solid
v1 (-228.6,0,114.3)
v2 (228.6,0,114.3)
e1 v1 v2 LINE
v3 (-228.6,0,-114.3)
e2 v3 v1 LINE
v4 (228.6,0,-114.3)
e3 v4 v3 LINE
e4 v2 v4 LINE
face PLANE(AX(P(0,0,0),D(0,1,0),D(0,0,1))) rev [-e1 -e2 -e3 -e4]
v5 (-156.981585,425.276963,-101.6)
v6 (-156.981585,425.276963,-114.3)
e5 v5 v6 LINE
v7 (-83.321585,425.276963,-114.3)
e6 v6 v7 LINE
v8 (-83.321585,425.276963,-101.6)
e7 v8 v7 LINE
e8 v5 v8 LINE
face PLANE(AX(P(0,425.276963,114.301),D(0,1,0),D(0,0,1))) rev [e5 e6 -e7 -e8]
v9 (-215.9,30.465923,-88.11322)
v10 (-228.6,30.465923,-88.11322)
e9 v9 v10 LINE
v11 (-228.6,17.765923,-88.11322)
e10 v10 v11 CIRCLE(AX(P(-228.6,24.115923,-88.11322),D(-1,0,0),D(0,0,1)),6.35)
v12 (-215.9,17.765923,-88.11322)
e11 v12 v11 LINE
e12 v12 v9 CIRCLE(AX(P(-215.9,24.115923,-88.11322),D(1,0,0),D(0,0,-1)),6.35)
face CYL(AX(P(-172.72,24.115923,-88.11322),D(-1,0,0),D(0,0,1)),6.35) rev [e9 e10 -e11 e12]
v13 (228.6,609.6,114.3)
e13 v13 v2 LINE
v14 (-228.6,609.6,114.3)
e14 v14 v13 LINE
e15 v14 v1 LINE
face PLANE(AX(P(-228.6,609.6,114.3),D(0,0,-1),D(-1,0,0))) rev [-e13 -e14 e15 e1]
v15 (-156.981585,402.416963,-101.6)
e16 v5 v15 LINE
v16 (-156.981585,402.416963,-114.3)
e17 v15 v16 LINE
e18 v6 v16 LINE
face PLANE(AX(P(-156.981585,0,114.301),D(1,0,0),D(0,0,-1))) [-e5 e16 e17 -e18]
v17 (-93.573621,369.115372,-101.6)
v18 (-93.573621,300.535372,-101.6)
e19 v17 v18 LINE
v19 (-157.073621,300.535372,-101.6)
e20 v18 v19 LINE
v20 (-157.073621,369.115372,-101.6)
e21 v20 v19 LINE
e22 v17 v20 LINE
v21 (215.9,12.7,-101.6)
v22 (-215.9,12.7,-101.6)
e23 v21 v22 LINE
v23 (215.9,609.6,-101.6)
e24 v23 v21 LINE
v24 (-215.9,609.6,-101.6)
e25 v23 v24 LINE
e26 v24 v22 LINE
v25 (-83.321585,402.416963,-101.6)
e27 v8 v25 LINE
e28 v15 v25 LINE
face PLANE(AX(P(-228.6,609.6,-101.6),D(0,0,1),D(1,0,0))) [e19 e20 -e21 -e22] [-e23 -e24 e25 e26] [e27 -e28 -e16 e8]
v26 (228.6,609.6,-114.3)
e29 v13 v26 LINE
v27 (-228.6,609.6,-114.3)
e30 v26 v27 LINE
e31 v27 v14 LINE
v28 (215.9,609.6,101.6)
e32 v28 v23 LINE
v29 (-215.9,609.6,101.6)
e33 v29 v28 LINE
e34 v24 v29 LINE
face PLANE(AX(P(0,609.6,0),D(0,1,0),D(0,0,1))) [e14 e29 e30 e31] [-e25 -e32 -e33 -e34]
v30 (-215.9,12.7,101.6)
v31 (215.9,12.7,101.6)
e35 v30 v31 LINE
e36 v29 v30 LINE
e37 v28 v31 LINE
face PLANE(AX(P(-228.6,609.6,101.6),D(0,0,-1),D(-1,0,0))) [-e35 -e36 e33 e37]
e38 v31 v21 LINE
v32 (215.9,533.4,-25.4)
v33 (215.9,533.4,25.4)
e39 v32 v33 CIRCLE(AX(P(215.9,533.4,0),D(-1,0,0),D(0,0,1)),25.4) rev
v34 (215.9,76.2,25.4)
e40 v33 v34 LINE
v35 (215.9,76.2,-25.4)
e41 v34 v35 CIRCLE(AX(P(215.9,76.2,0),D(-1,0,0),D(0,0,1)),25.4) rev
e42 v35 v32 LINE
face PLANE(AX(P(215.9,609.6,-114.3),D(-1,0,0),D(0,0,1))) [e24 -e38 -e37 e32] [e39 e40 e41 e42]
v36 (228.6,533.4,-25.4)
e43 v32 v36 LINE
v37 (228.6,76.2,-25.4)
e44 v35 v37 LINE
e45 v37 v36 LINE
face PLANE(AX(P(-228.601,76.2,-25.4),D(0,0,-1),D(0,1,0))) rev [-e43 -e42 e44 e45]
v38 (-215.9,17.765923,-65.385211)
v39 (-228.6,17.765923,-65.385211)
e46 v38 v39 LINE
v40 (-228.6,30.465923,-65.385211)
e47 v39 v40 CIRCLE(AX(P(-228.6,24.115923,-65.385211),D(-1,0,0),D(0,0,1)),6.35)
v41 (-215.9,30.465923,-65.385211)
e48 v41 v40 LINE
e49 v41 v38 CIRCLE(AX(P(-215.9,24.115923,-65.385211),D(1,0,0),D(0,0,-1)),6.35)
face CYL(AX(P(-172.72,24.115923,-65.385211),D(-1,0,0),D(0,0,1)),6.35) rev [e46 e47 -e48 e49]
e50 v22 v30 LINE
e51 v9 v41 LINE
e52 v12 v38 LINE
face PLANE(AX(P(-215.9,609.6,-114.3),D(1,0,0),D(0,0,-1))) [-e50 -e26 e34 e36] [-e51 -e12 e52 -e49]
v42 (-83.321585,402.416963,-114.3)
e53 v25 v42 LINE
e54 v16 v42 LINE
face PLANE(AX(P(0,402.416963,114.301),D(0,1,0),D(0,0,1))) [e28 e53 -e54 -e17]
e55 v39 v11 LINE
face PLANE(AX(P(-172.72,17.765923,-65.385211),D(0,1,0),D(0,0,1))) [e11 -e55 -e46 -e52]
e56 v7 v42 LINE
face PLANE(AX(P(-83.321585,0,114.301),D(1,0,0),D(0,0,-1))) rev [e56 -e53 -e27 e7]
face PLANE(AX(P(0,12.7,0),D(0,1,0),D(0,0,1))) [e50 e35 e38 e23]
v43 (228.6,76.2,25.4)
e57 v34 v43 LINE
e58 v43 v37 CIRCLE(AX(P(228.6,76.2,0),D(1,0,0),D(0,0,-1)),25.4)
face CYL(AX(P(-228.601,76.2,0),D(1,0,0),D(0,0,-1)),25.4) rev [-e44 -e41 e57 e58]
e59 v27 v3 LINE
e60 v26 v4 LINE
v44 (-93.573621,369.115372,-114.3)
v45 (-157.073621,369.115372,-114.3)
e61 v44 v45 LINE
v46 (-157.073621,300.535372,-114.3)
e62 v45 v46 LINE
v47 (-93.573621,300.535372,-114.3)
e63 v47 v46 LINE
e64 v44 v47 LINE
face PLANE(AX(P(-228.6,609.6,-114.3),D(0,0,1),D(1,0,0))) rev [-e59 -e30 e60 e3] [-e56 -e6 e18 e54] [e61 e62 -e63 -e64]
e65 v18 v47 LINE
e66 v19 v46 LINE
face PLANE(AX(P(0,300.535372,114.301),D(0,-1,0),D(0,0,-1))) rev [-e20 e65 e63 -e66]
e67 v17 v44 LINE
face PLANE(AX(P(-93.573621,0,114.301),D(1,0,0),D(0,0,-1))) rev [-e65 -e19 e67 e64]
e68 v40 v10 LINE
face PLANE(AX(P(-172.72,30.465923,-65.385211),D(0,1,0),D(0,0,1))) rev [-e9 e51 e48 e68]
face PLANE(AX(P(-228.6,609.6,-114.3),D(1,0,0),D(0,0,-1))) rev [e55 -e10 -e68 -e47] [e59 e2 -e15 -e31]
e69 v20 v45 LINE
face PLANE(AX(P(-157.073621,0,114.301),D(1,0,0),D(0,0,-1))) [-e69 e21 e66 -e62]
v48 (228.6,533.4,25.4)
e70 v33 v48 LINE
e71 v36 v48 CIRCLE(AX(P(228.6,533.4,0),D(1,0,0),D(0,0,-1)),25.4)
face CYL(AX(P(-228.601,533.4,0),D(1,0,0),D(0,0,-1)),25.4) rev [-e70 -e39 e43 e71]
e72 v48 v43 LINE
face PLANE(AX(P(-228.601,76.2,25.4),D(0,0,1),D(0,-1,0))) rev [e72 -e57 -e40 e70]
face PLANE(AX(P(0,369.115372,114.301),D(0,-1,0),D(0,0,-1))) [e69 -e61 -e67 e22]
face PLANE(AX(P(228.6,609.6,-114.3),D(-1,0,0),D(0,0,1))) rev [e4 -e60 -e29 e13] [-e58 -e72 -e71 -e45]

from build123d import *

# Parameters (mm, degrees)
SKETCH1_W           = 457.2
SKETCH1_H           = 228.6
BOSS_EXTRUDE1_DEPTH = 609.6
SHELL2_T            = -12.7
CUT_EXTRUDE2_REACH  = 772.525
CUT_EXTRUDE3_REACH  = 692.02
SKETCH4_W           = 31.75
SKETCH4_H           = 34.29
SKETCH4_W_2         = 36.83
SKETCH4_H_2         = 11.43
CUT_EXTRUDE17_DEPTH = 55.88


with BuildPart() as part:
    # Sketch1 → Boss-Extrude1 (new body)
    with BuildSketch(Plane(origin=(0, 0, 0), x_dir=(1, 0, 0), z_dir=(0, 1, 0))):
        Rectangle(SKETCH1_W, SKETCH1_H)
    extrude(amount=BOSS_EXTRUDE1_DEPTH)

    # Shell2
    shell2_openings = [part.faces().sort_by_distance(p)[0] for p in [
        (0, 609.6, 0),
    ]]
    offset(amount=SHELL2_T, openings=shell2_openings, kind=Kind.INTERSECTION)

    # Sketch3 → Cut-Extrude2 (cut, up to next)
    with BuildSketch(Plane(origin=(228.6, 0, 0), x_dir=(0, 0, -1), z_dir=(1, 0, 0)), mode=Mode.PRIVATE) as cut_extrude2_sk1:
        with BuildLine():
            Line((-25.4, 76.2), (-25.4, 533.4))
            ThreePointArc((-25.4, 533.4), (0, 558.8), (25.4, 533.4))
            Line((25.4, 533.4), (25.4, 76.2))
            ThreePointArc((25.4, 76.2), (0, 50.8), (-25.4, 76.2))
        make_face()
    cut_extrude2_tool1 = extrude(cut_extrude2_sk1.sketch, amount=-CUT_EXTRUDE2_REACH, mode=Mode.PRIVATE) & part.part
    add(cut_extrude2_tool1.solids().sort_by_distance((228.6, 304.8, 0))[0], mode=Mode.SUBTRACT)

    # Sketch4 → Cut-Extrude3 (cut, up to next)
    with BuildSketch(Plane(origin=(0, 0, -114.3), x_dir=(-1, 0, 0), z_dir=(0, 0, -1)), mode=Mode.PRIVATE) as cut_extrude3_sk1:
        with Locations((109.44862115, 351.970372474)):
            Rectangle(SKETCH4_W, SKETCH4_H)
    cut_extrude3_tool1 = extrude(cut_extrude3_sk1.sketch, amount=-CUT_EXTRUDE3_REACH, mode=Mode.PRIVATE) & part.part
    # Sketch4 → Cut-Extrude3 (cut, up to next)
    with BuildSketch(Plane(origin=(0, 0, -114.3), x_dir=(-1, 0, 0), z_dir=(0, 0, -1)), mode=Mode.PRIVATE) as cut_extrude3_sk2:
        with Locations((109.44862115, 317.680372474)):
            Rectangle(SKETCH4_W, SKETCH4_H)
    cut_extrude3_tool2 = extrude(cut_extrude3_sk2.sketch, amount=-CUT_EXTRUDE3_REACH, mode=Mode.PRIVATE) & part.part
    # Sketch4 → Cut-Extrude3 (cut, up to next)
    with BuildSketch(Plane(origin=(0, 0, -114.3), x_dir=(-1, 0, 0), z_dir=(0, 0, -1)), mode=Mode.PRIVATE) as cut_extrude3_sk3:
        with Locations((141.19862115, 317.680372474)):
            Rectangle(SKETCH4_W, SKETCH4_H)
    cut_extrude3_tool3 = extrude(cut_extrude3_sk3.sketch, amount=-CUT_EXTRUDE3_REACH, mode=Mode.PRIVATE) & part.part
    # Sketch4 → Cut-Extrude3 (cut, up to next)
    with BuildSketch(Plane(origin=(0, 0, -114.3), x_dir=(-1, 0, 0), z_dir=(0, 0, -1)), mode=Mode.PRIVATE) as cut_extrude3_sk4:
        with Locations((141.19862115, 351.970372474)):
            Rectangle(SKETCH4_W, SKETCH4_H)
    cut_extrude3_tool4 = extrude(cut_extrude3_sk4.sketch, amount=-CUT_EXTRUDE3_REACH, mode=Mode.PRIVATE) & part.part
    # Sketch4 → Cut-Extrude3 (cut, up to next)
    with BuildSketch(Plane(origin=(0, 0, -114.3), x_dir=(-1, 0, 0), z_dir=(0, 0, -1)), mode=Mode.PRIVATE) as cut_extrude3_sk5:
        with Locations((138.56658474, 419.56196337)):
            Rectangle(SKETCH4_W_2, SKETCH4_H_2)
    cut_extrude3_tool5 = extrude(cut_extrude3_sk5.sketch, amount=-CUT_EXTRUDE3_REACH, mode=Mode.PRIVATE) & part.part
    # Sketch4 → Cut-Extrude3 (cut, up to next)
    with BuildSketch(Plane(origin=(0, 0, -114.3), x_dir=(-1, 0, 0), z_dir=(0, 0, -1)), mode=Mode.PRIVATE) as cut_extrude3_sk6:
        with Locations((138.56658474, 408.13196337)):
            Rectangle(SKETCH4_W_2, SKETCH4_H_2)
    cut_extrude3_tool6 = extrude(cut_extrude3_sk6.sketch, amount=-CUT_EXTRUDE3_REACH, mode=Mode.PRIVATE) & part.part
    # Sketch4 → Cut-Extrude3 (cut, up to next)
    with BuildSketch(Plane(origin=(0, 0, -114.3), x_dir=(-1, 0, 0), z_dir=(0, 0, -1)), mode=Mode.PRIVATE) as cut_extrude3_sk7:
        with Locations((101.73658474, 419.56196337)):
            Rectangle(SKETCH4_W_2, SKETCH4_H_2)
    cut_extrude3_tool7 = extrude(cut_extrude3_sk7.sketch, amount=-CUT_EXTRUDE3_REACH, mode=Mode.PRIVATE) & part.part
    # Sketch4 → Cut-Extrude3 (cut, up to next)
    with BuildSketch(Plane(origin=(0, 0, -114.3), x_dir=(-1, 0, 0), z_dir=(0, 0, -1)), mode=Mode.PRIVATE) as cut_extrude3_sk8:
        with Locations((101.73658474, 408.13196337)):
            Rectangle(SKETCH4_W_2, SKETCH4_H_2)
    cut_extrude3_tool8 = extrude(cut_extrude3_sk8.sketch, amount=-CUT_EXTRUDE3_REACH, mode=Mode.PRIVATE) & part.part
    add(cut_extrude3_tool1.solids().sort_by_distance((-109.448621, 351.970372, -114.3))[0], mode=Mode.SUBTRACT)
    add(cut_extrude3_tool2.solids().sort_by_distance((-109.448621, 317.680372, -114.3))[0], mode=Mode.SUBTRACT)
    add(cut_extrude3_tool3.solids().sort_by_distance((-141.198621, 317.680372, -114.3))[0], mode=Mode.SUBTRACT)
    add(cut_extrude3_tool4.solids().sort_by_distance((-141.198621, 351.970372, -114.3))[0], mode=Mode.SUBTRACT)
    add(cut_extrude3_tool5.solids().sort_by_distance((-138.566585, 419.561963, -114.3))[0], mode=Mode.SUBTRACT)
    add(cut_extrude3_tool6.solids().sort_by_distance((-138.566585, 408.131963, -114.3))[0], mode=Mode.SUBTRACT)
    add(cut_extrude3_tool7.solids().sort_by_distance((-101.736585, 419.561963, -114.3))[0], mode=Mode.SUBTRACT)
    add(cut_extrude3_tool8.solids().sort_by_distance((-101.736585, 408.131963, -114.3))[0], mode=Mode.SUBTRACT)

    # Sketch11 → Cut-Extrude17 (cut)
    with BuildSketch(Plane.ZY.offset(228.6)):
        with BuildLine():
            Line((-65.38521106, 17.765922532), (-88.113220021, 17.765922532))
            ThreePointArc((-88.113220021, 17.765922532), (-94.463220021, 24.115922532), (-88.113220021, 30.465922532))
            Line((-88.113220021, 30.465922532), (-65.38521106, 30.465922532))
            ThreePointArc((-65.38521106, 30.465922532), (-59.03521106, 24.115922532), (-65.38521106, 17.765922532))
        make_face()
    extrude(amount=-CUT_EXTRUDE17_DEPTH, mode=Mode.SUBTRACT)


solid = part.part
